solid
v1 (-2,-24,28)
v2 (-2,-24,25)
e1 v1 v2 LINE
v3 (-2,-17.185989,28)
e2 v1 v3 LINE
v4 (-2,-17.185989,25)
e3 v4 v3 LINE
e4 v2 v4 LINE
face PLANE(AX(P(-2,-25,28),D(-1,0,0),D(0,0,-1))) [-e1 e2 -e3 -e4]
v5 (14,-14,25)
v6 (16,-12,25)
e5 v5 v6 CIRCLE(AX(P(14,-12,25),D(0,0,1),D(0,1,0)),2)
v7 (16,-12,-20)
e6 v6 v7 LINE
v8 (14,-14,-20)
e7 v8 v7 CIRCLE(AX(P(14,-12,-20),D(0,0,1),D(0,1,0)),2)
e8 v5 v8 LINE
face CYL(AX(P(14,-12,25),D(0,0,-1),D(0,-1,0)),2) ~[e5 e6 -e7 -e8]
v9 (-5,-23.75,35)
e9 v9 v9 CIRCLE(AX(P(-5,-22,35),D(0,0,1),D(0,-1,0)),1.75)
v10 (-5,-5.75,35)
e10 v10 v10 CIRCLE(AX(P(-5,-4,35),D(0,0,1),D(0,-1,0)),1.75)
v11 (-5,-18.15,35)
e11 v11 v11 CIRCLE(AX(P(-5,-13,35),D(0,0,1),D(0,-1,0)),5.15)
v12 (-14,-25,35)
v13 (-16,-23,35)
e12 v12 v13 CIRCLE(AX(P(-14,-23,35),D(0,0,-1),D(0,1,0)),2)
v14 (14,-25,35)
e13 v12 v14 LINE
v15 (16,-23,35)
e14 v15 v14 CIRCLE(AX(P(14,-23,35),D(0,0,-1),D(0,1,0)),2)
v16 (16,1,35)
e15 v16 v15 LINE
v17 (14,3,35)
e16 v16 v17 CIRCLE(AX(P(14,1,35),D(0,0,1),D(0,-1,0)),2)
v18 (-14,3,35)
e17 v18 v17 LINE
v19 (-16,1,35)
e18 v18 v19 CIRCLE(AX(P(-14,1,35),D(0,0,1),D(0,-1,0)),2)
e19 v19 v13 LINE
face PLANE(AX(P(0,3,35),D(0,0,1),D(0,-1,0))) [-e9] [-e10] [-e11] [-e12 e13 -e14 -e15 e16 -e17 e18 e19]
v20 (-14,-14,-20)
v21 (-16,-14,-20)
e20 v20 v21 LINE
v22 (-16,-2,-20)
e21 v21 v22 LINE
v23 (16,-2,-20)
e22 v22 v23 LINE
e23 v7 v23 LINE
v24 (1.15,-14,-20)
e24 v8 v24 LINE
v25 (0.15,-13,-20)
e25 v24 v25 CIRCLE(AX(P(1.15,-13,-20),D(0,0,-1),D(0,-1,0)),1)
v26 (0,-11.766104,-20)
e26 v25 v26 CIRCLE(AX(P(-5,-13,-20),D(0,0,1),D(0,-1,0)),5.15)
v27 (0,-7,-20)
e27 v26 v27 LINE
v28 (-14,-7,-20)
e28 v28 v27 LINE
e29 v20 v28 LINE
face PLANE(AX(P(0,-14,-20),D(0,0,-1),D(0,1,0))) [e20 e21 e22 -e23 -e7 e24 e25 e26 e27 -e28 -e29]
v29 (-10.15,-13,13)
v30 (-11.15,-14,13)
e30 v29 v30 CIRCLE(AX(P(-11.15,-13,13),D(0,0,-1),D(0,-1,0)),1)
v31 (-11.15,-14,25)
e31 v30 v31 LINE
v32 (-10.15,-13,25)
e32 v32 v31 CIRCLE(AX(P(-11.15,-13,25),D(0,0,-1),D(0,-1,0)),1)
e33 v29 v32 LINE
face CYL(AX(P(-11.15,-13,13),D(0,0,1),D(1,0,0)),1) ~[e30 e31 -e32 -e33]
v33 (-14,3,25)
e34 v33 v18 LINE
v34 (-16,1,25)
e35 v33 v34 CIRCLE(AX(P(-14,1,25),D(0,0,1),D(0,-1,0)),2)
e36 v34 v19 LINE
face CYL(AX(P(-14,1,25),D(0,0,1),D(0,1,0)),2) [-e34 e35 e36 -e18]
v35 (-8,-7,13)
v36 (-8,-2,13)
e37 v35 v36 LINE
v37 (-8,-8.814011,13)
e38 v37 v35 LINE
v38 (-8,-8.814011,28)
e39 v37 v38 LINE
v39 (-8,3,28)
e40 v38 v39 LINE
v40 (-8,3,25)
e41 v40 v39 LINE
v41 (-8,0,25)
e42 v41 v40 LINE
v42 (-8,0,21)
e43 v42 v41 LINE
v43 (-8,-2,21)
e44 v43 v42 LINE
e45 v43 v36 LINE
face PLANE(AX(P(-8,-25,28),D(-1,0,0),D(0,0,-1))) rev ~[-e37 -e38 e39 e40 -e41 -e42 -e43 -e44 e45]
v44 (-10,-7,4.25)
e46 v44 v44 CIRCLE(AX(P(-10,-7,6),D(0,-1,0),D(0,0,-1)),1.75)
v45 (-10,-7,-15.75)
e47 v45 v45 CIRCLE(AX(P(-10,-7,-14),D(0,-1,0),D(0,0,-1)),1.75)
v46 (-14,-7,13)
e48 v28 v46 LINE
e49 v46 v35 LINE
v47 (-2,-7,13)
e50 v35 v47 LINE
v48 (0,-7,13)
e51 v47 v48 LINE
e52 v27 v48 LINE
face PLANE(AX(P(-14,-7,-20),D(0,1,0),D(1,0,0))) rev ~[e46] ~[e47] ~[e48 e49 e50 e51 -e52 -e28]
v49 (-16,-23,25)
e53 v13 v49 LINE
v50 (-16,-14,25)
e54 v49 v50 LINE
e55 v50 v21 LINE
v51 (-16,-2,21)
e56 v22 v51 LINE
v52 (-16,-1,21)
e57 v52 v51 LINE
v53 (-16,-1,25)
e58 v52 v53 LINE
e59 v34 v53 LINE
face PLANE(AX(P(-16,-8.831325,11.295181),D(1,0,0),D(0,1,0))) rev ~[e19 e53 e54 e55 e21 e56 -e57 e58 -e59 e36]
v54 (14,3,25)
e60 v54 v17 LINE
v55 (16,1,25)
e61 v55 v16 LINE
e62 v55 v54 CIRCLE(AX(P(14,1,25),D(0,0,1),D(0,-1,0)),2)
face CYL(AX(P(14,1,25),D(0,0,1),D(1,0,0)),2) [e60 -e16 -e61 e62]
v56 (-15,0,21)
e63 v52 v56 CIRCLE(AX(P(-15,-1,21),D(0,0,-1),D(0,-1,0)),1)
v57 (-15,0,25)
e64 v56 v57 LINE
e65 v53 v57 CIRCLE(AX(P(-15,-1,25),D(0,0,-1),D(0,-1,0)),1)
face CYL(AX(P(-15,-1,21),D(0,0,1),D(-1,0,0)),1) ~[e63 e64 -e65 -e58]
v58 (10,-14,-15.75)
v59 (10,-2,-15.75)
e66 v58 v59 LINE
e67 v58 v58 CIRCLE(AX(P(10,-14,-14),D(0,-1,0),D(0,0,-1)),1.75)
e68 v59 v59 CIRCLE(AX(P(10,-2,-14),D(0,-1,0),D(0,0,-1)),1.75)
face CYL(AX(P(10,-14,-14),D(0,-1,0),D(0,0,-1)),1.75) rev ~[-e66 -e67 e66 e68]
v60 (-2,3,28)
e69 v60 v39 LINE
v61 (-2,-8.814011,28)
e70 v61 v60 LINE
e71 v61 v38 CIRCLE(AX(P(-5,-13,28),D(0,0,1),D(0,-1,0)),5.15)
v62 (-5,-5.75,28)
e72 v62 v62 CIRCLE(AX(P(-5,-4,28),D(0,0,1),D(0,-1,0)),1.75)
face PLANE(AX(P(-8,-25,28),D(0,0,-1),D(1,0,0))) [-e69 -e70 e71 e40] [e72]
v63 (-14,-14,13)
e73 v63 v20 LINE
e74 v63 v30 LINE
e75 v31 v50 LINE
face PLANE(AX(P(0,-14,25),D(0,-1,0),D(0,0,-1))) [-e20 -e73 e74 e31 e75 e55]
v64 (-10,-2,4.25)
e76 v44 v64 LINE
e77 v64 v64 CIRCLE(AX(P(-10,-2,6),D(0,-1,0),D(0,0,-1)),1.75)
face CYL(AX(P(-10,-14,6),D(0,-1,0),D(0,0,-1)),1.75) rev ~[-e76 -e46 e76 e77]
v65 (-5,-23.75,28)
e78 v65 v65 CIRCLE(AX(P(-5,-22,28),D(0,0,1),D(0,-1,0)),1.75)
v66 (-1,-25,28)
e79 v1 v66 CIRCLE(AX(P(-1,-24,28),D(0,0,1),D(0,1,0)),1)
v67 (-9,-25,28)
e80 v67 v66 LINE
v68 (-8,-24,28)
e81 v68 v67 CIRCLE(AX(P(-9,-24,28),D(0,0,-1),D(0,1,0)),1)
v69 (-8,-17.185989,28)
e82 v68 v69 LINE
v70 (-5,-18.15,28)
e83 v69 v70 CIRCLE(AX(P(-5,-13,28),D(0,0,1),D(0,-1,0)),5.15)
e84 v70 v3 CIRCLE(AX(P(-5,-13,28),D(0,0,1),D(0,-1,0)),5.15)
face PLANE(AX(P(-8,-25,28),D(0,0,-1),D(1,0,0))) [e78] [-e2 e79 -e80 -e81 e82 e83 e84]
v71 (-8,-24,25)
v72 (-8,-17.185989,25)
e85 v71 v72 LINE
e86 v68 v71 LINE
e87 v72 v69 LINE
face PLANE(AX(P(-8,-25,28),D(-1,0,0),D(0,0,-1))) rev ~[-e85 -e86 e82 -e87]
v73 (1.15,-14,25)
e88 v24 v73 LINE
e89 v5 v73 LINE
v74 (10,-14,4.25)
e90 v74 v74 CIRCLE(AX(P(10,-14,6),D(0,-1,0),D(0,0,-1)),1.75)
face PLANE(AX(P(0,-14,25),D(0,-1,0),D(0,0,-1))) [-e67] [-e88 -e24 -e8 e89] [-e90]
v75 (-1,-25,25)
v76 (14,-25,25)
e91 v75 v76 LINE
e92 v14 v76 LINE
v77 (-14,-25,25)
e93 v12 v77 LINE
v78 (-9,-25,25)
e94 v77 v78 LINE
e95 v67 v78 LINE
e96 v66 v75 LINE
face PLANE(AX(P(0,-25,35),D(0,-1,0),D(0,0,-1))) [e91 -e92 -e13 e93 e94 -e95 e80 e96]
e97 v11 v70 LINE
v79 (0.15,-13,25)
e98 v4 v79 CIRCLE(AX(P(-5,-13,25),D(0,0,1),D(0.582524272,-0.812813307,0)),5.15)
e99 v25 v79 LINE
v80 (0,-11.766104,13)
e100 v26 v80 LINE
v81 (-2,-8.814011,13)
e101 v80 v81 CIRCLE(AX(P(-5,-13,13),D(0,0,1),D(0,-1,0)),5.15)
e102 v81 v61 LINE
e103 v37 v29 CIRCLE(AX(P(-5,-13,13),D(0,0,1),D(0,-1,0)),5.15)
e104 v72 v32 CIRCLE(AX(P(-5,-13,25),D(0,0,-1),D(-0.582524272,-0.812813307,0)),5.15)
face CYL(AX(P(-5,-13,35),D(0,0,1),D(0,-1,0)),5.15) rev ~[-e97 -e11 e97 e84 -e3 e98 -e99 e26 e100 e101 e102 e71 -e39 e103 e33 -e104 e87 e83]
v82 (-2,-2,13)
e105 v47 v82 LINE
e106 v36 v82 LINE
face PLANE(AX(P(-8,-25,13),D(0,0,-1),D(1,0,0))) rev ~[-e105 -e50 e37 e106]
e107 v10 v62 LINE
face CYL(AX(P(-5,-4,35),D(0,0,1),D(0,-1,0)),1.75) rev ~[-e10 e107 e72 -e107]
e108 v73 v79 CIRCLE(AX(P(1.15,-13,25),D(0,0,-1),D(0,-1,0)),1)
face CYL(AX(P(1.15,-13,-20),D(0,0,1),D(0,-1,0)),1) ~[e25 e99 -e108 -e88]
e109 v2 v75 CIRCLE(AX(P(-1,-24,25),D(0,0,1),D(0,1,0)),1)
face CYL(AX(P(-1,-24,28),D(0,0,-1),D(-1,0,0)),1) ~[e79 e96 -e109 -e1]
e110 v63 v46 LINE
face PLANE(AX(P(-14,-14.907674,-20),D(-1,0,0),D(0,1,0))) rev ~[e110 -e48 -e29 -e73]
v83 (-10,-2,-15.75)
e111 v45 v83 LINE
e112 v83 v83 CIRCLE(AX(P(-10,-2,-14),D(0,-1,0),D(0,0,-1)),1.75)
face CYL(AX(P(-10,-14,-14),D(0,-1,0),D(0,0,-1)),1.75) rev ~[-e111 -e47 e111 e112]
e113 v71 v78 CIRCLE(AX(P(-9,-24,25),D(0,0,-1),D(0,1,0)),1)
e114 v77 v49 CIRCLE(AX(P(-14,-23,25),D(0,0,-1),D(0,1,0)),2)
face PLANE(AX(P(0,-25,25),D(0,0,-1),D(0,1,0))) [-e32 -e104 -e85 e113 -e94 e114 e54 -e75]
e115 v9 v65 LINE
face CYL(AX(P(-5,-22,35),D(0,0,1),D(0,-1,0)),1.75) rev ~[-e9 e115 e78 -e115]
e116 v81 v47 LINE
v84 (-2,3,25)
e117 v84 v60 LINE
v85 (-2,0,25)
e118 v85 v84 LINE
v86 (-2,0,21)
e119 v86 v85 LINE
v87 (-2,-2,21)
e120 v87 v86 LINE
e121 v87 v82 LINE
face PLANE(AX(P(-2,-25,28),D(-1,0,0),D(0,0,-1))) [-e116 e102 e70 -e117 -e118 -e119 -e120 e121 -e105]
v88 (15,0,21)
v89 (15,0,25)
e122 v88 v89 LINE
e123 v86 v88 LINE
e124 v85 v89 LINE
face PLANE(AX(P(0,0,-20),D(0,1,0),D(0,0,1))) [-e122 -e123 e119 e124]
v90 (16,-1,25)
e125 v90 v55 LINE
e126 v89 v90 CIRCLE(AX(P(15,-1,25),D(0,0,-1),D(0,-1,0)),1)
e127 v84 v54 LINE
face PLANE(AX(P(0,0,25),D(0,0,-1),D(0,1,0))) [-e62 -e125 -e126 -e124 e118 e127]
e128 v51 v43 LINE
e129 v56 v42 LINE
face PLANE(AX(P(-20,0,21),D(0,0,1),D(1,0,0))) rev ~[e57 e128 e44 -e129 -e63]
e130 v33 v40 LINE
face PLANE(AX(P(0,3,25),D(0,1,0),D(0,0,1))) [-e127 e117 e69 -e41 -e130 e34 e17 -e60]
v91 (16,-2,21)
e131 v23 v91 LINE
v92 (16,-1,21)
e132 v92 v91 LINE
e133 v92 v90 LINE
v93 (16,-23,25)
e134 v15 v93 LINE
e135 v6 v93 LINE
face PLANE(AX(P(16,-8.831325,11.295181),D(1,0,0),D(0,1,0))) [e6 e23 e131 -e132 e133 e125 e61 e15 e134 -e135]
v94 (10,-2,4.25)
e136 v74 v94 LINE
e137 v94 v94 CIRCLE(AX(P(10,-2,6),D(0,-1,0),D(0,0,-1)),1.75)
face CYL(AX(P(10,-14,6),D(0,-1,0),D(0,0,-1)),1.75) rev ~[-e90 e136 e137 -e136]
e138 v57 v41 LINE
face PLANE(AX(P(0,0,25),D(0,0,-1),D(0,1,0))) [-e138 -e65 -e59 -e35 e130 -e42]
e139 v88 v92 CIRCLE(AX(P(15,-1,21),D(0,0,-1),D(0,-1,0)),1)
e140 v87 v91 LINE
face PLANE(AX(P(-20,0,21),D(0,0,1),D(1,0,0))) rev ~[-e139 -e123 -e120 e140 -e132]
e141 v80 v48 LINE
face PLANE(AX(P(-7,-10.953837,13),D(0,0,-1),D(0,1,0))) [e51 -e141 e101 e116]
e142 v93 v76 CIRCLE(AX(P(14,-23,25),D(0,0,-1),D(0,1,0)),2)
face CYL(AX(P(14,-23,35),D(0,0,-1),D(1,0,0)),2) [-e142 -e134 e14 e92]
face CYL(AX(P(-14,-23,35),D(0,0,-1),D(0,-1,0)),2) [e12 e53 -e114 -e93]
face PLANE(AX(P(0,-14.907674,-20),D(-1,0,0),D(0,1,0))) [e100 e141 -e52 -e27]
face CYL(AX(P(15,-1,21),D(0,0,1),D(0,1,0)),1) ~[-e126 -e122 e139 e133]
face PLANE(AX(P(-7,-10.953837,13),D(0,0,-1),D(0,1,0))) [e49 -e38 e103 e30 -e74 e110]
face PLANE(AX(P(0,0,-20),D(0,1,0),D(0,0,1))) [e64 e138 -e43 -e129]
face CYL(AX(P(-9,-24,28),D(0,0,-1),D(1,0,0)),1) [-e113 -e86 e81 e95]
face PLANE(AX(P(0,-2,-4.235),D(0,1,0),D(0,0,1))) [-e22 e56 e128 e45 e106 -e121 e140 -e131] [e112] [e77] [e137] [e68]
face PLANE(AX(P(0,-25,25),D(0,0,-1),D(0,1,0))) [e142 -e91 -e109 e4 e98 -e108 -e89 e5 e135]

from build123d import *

# Parameters (mm, degrees)
PAD001_DEPTH      = 16
PAD001_DEPTH_BACK = 16
SKETCH014_W       = 15
SKETCH014_H       = 6
POCKET_DEPTH      = 28.001
SKETCH012_R       = 5.15
POCKET001_DEPTH   = 55.001
SKETCH013_R       = 1.75
POCKET002_DEPTH   = 7
SKETCH008_W       = 7.907674
SKETCH008_H       = 14
POCKET003_DEPTH   = 33
SKETCH007_R       = 1.75
POCKET004_DEPTH   = 17.001
SKETCH015_W       = 50.47
SKETCH015_H       = 40
POCKET005_DEPTH   = 2
FILLET_R          = 2
FILLET001_R       = 1
FILLET002_R       = 1
FILLET003_R       = 1
FILLET004_R       = 2


with BuildPart() as part:
    # Sketch005 → Pad001 (new body, two sides)
    with BuildSketch(Plane.YZ) as pad001_sk:
        Polygon((0, -20), (0, 25), (3, 25), (3, 35), (-25, 35), (-25, 25), (-14, 25), (-14, -20), align=None)
    extrude(amount=PAD001_DEPTH)
    extrude(pad001_sk.sketch, amount=-PAD001_DEPTH_BACK)

    # Sketch014 (on Face5 of Pad001) → Pocket (cut, through all)
    with BuildSketch(Plane(origin=(0, -25, 0), x_dir=(0, 0, -1), z_dir=(0, -1, 0))):
        with Locations((-20.5, -5)):
            Rectangle(SKETCH014_W, SKETCH014_H)
    extrude(amount=-POCKET_DEPTH, mode=Mode.SUBTRACT)

    # Sketch012 → Pocket001 (cut, through all)
    with BuildSketch(Plane(origin=(0, 0, 35), x_dir=(0, -1, 0), z_dir=(0, 0, 1))):
        with Locations((13, -5)):
            Circle(SKETCH012_R)
    extrude(amount=-POCKET001_DEPTH, mode=Mode.SUBTRACT)

    # Sketch013 → Pocket002 (cut)
    with BuildSketch(Plane(origin=(0, 0, 35), x_dir=(0, -1, 0), z_dir=(0, 0, 1))):
        with Locations((4, -5)):
            Circle(SKETCH013_R)
        with Locations((22, -5)):
            Circle(SKETCH013_R)
    extrude(amount=-POCKET002_DEPTH, mode=Mode.SUBTRACT)

    # Sketch008 (on Face9 of Pocket002) → Pocket003 (cut)
    with BuildSketch(Plane.YX.offset(20)):
        with Locations((-10.953837, -7)):
            Rectangle(SKETCH008_W, SKETCH008_H)
    extrude(amount=-POCKET003_DEPTH, mode=Mode.SUBTRACT)

    # Sketch007 (on Face21 of Pocket003) → Pocket004 (cut, through all)
    with BuildSketch(Plane(origin=(0, -14, 0), x_dir=(0, 0, -1), z_dir=(0, -1, 0))):
        with Locations((-6, 10)):
            Circle(SKETCH007_R)
        with Locations((14, 10)):
            Circle(SKETCH007_R)
        with Locations((-6, -10)):
            Circle(SKETCH007_R)
        with Locations((14, -10)):
            Circle(SKETCH007_R)
    extrude(amount=-POCKET004_DEPTH, mode=Mode.SUBTRACT)

    # Sketch015 (on Face1 of Pocket004) → Pocket005 (cut)
    with BuildSketch(Plane.ZX):
        with Locations((-4.235, 0)):
            Rectangle(SKETCH015_W, SKETCH015_H)
    extrude(amount=-POCKET005_DEPTH, mode=Mode.SUBTRACT)

    # Fillet
    fillet_edges = [part.edges().sort_by_distance(p)[0] for p in [
        (16, 3, 30),
        (-16, 3, 30),
        (-16, -25, 30),
        (16, -25, 30),
    ]]
    fillet(fillet_edges, radius=FILLET_R)

    # Fillet001
    fillet001_edges = [part.edges().sort_by_distance(p)[0] for p in [
        (0.05198, -14, 2.5),
        (-10.05198, -14, 19),
    ]]
    fillet(fillet001_edges, radius=FILLET001_R)

    # Fillet002
    fillet002_edges = [part.edges().sort_by_distance(p)[0] for p in [
        (-2, -25, 26.5),
        (-8, -25, 26.5),
    ]]
    fillet(fillet002_edges, radius=FILLET002_R)

    # Fillet003
    fillet003_edges = [part.edges().sort_by_distance(p)[0] for p in [
        (-16, 0, 23),
        (16, 0, 23),
    ]]
    fillet(fillet003_edges, radius=FILLET003_R)

    # Fillet004
    fillet004_edges = [part.edges().sort_by_distance(p)[0] for p in [
        (16, -14, 2.5),
    ]]
    fillet(fillet004_edges, radius=FILLET004_R)


solid = part.part
